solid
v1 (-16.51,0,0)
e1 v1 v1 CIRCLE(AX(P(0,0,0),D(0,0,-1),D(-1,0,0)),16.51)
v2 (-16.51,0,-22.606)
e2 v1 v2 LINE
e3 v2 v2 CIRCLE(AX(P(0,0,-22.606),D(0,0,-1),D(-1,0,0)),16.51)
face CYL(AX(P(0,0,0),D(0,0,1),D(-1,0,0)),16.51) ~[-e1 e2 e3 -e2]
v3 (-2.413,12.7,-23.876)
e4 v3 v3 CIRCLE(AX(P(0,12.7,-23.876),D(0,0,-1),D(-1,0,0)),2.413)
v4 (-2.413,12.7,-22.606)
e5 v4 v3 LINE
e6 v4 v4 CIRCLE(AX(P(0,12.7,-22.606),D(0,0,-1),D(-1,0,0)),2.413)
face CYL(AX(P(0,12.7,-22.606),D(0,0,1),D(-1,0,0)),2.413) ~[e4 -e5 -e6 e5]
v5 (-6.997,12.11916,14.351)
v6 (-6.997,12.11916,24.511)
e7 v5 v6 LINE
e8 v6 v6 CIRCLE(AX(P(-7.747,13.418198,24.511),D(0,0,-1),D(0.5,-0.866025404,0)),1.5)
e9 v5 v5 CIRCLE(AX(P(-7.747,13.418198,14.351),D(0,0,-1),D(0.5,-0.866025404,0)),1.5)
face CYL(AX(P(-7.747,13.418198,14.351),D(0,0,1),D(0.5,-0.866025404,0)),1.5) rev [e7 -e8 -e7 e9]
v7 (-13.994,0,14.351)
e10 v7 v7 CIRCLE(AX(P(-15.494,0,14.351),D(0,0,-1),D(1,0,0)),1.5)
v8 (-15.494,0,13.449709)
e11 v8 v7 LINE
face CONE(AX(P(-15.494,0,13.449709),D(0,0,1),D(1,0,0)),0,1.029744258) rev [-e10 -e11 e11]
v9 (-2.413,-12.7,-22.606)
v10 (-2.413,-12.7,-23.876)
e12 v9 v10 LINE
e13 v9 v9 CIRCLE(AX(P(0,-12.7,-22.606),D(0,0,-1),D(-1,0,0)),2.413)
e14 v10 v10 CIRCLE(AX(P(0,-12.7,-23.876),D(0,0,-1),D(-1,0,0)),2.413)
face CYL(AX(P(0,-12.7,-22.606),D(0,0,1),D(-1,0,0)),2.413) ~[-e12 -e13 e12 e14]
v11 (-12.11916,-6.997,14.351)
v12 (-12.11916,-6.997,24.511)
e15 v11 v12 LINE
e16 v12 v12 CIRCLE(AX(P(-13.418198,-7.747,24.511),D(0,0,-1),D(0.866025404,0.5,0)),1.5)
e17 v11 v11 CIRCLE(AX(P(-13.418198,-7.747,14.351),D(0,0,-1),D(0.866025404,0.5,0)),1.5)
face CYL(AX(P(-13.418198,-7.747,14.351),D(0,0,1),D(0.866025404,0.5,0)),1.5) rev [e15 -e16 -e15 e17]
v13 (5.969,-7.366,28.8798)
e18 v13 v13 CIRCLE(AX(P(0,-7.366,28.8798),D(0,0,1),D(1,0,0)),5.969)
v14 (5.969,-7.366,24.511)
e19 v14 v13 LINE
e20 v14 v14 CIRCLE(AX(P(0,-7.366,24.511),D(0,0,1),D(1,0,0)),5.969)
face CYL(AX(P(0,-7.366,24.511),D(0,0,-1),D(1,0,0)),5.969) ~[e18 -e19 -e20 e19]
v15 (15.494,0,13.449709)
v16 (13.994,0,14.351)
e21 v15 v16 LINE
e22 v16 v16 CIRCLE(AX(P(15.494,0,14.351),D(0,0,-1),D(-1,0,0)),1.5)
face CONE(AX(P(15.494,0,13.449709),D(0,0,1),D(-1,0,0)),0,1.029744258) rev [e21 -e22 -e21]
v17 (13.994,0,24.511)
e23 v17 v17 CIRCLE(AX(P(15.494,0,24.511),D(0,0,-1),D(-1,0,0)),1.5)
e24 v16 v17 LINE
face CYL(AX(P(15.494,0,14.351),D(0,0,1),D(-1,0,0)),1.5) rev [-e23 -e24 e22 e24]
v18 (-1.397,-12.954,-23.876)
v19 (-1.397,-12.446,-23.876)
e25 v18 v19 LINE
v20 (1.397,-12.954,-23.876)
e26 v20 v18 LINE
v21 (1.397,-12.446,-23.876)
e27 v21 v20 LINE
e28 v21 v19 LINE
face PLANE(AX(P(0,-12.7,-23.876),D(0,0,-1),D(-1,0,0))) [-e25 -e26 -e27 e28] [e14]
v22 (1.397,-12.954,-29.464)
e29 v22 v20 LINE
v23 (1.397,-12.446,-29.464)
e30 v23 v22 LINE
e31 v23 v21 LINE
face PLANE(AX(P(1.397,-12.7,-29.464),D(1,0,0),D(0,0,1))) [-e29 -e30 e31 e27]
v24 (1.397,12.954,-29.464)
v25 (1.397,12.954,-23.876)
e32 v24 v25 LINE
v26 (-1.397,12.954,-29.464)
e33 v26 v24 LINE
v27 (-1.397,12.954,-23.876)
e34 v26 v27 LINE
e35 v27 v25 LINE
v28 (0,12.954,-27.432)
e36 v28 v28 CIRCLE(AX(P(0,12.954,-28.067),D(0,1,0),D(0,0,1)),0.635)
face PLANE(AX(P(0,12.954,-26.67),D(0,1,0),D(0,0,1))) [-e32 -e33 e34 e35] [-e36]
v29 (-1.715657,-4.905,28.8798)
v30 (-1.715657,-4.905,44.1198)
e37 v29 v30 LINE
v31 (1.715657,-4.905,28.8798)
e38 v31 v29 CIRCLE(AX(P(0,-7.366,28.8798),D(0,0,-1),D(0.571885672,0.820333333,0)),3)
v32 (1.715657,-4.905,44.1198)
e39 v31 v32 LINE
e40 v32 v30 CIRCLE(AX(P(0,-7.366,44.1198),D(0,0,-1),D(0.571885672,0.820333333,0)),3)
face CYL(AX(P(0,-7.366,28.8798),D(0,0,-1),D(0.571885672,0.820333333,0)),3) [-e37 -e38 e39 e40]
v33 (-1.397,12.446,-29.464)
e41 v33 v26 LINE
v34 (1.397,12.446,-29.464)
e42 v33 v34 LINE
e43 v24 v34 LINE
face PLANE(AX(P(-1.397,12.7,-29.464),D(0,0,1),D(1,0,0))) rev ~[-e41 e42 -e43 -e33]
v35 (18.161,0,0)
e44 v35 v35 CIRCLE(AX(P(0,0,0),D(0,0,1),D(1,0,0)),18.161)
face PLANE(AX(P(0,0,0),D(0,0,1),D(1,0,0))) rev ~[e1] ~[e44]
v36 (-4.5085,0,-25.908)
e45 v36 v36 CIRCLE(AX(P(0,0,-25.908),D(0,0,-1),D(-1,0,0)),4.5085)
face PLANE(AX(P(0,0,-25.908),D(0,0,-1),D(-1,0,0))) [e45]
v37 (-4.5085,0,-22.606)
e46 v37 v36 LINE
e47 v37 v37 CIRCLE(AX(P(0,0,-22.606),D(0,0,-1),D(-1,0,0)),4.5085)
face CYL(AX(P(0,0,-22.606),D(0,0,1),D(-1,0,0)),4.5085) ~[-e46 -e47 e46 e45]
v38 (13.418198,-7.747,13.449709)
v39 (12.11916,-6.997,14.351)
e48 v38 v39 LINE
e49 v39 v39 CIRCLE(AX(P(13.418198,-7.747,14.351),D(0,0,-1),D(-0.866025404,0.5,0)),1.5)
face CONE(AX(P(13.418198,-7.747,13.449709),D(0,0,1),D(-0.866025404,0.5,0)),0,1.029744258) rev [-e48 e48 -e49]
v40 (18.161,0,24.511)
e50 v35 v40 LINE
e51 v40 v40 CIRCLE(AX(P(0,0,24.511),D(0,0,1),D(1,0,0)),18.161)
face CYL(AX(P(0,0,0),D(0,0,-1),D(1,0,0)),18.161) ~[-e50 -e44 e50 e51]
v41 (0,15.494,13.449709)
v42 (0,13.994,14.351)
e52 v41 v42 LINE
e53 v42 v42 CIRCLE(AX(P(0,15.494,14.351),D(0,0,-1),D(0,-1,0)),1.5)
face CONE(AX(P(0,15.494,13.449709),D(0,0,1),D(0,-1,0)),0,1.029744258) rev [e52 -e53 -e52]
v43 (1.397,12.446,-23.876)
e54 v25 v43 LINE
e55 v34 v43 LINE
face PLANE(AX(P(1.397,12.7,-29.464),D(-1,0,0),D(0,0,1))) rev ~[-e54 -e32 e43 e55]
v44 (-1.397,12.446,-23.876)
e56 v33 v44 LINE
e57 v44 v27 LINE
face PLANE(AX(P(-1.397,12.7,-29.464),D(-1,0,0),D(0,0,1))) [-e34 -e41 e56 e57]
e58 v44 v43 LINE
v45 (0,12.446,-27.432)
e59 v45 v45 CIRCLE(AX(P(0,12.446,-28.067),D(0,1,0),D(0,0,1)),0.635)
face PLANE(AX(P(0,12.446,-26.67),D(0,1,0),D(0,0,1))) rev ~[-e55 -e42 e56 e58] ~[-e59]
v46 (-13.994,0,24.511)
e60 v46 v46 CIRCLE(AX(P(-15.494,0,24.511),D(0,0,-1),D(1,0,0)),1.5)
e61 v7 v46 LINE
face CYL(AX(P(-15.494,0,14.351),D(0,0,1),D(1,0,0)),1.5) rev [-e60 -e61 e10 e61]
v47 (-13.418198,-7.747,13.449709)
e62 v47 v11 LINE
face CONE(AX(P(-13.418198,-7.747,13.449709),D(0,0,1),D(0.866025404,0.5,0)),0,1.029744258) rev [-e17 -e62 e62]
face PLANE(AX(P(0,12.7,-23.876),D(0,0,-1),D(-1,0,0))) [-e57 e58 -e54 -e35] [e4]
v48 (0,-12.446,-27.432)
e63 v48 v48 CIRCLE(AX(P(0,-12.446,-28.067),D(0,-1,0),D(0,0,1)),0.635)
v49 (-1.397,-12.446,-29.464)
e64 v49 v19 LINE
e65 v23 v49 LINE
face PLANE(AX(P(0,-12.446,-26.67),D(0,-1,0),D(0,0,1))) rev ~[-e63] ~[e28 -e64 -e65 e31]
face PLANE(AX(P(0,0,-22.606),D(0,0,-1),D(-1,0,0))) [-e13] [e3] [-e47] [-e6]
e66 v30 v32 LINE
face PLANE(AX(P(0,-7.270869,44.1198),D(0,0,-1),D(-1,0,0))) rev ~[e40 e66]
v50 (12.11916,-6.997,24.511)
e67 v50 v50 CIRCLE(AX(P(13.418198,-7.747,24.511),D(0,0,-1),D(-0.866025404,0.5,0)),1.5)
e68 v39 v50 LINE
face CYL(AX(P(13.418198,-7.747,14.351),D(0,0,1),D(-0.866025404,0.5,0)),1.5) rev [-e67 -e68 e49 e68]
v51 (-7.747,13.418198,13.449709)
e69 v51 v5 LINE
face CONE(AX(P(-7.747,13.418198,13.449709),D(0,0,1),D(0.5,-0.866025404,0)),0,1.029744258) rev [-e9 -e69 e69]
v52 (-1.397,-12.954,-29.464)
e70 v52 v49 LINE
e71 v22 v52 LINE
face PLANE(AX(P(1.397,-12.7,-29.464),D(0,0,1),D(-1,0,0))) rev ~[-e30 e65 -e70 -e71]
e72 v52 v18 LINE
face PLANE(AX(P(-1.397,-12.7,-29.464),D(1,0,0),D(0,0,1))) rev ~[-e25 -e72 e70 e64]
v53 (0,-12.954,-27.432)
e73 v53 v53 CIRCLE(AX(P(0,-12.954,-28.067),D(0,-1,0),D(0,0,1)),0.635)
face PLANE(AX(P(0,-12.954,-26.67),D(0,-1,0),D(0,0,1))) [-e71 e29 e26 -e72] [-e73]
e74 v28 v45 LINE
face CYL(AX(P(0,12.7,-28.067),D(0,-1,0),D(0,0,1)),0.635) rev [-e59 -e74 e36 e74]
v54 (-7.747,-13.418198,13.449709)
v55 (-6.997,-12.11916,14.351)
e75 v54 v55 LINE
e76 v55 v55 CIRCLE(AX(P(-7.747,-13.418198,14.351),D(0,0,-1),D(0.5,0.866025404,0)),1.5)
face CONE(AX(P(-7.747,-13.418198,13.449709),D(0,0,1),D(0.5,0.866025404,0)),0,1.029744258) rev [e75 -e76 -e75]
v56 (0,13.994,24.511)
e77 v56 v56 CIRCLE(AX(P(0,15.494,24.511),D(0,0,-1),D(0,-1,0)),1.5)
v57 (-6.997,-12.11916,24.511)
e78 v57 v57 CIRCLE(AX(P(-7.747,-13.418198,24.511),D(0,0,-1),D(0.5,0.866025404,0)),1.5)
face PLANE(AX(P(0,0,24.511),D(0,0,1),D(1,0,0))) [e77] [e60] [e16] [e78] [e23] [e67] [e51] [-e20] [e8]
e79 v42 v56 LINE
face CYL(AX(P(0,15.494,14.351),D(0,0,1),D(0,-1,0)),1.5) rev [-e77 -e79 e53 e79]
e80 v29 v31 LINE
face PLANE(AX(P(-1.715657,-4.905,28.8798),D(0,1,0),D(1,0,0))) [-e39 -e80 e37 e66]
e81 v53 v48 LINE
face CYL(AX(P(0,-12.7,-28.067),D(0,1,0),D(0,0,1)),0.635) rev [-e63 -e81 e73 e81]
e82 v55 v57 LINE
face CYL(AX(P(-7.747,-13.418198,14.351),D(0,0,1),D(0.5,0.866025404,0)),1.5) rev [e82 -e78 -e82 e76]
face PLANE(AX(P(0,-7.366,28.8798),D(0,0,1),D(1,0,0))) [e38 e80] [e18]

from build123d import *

# Parameters (mm, degrees)
SKETCH1_R           = 18.161
BOSS_EXTRUDE1_DEPTH = 24.511
SKETCH2_R           = 16.51
BOSS_EXTRUDE2_DEPTH = 22.606
SKETCH3_R           = 4.5085
BOSS_EXTRUDE3_DEPTH = 3.302
SKETCH4_R           = 2.413
BOSS_EXTRUDE4_DEPTH = 1.27
SKETCH5_R           = 5.969
BOSS_EXTRUDE5_DEPTH = 4.3688
BOSS_EXTRUDE6_DEPTH = 15.24
SKETCH8_W           = 5.588
SKETCH8_H           = 2.794
SKETCH8_R           = 0.635
BOSS_EXTRUDE7_DEPTH = 0.254
CIRPATTERN1_COUNT   = 2
CIRPATTERN2_COUNT   = 12


with BuildPart() as part:
    # Sketch1 → Boss-Extrude1 (new body)
    with BuildSketch(Plane.XY):
        Circle(SKETCH1_R)
    extrude(amount=BOSS_EXTRUDE1_DEPTH)

    # Sketch2 → Boss-Extrude2 (add)
    with BuildSketch(Plane(origin=(0, 0, 0), x_dir=(-1, 0, 0), z_dir=(0, 0, -1))):
        Circle(SKETCH2_R)
    extrude(amount=BOSS_EXTRUDE2_DEPTH)

    # Sketch3 → Boss-Extrude3 (add)
    with BuildSketch(Plane(origin=(0, 0, -22.606), x_dir=(-1, 0, 0), z_dir=(0, 0, -1))):
        Circle(SKETCH3_R)
    extrude(amount=BOSS_EXTRUDE3_DEPTH)

    # Sketch4 → Boss-Extrude4 (add)
    with BuildSketch(Plane(origin=(0, 0, -22.606), x_dir=(-1, 0, 0), z_dir=(0, 0, -1))):
        with Locations((0, -12.7)):
            Circle(SKETCH4_R)
        with Locations((0, 12.7)):
            Circle(SKETCH4_R)
    extrude(amount=BOSS_EXTRUDE4_DEPTH)

    # Sketch5 → Boss-Extrude5 (add)
    with BuildSketch(Plane.XY.offset(24.511)):
        with Locations((0, -7.366)):
            Circle(SKETCH5_R)
    extrude(amount=BOSS_EXTRUDE5_DEPTH)

    # Sketch6 → Boss-Extrude6 (add)
    with BuildSketch(Plane.XY.offset(28.8798)):
        with BuildLine():
            Line((-1.715657017, -4.905), (1.715657017, -4.905))
            ThreePointArc((1.715657017, -4.905), (0, -10.366), (-1.715657017, -4.905))
        make_face()
    extrude(amount=BOSS_EXTRUDE6_DEPTH)

    # Sketch8 → Boss-Extrude7 (add, symmetric)
    with BuildSketch(Plane.ZX.offset(12.7)):
        with Locations((-26.67, 0)):
            Rectangle(SKETCH8_W, SKETCH8_H)
        with Locations((-28.067, 0)):
            Circle(SKETCH8_R, mode=Mode.SUBTRACT)
    boss_extrude7 = extrude(amount=BOSS_EXTRUDE7_DEPTH, both=True)

    # CirPattern1: Boss-Extrude7 ×2 about axis
    cirpattern1_axis = Axis((0, 0, -25.908), (0, 0, 1))
    for i in range(1, CIRPATTERN1_COUNT):
        add(boss_extrude7.rotate(cirpattern1_axis, i * 360 / CIRPATTERN1_COUNT))

    # Sketch12 → Ø3.0mm Dowel Hole1 (revolve, cut)
    with BuildSketch(Plane(origin=(0, 15.494, 24.511), x_dir=(0, -1, 0), z_dir=(1, 0, 0))):
        Polygon((0, 0), (0, 11.061290929), (1.5, 10.16), (1.5, 0), align=None)
    f_3_0mm_dowel_hole1 = revolve(axis=Axis((0, 15.494, 30.861), (0, 0, -1)), mode=Mode.SUBTRACT)

    # CirPattern2: Ø3.0mm Dowel Hole1 ×12 about axis, 5 skipped
    cirpattern2_axis = Axis((0, 0, 24.511), (0, 0, -1))
    add([f_3_0mm_dowel_hole1.rotate(cirpattern2_axis, i * 360 / CIRPATTERN2_COUNT) for i in range(1, CIRPATTERN2_COUNT) if i not in (1, 2, 5, 6, 10)], mode=Mode.SUBTRACT)


solid = part.part
